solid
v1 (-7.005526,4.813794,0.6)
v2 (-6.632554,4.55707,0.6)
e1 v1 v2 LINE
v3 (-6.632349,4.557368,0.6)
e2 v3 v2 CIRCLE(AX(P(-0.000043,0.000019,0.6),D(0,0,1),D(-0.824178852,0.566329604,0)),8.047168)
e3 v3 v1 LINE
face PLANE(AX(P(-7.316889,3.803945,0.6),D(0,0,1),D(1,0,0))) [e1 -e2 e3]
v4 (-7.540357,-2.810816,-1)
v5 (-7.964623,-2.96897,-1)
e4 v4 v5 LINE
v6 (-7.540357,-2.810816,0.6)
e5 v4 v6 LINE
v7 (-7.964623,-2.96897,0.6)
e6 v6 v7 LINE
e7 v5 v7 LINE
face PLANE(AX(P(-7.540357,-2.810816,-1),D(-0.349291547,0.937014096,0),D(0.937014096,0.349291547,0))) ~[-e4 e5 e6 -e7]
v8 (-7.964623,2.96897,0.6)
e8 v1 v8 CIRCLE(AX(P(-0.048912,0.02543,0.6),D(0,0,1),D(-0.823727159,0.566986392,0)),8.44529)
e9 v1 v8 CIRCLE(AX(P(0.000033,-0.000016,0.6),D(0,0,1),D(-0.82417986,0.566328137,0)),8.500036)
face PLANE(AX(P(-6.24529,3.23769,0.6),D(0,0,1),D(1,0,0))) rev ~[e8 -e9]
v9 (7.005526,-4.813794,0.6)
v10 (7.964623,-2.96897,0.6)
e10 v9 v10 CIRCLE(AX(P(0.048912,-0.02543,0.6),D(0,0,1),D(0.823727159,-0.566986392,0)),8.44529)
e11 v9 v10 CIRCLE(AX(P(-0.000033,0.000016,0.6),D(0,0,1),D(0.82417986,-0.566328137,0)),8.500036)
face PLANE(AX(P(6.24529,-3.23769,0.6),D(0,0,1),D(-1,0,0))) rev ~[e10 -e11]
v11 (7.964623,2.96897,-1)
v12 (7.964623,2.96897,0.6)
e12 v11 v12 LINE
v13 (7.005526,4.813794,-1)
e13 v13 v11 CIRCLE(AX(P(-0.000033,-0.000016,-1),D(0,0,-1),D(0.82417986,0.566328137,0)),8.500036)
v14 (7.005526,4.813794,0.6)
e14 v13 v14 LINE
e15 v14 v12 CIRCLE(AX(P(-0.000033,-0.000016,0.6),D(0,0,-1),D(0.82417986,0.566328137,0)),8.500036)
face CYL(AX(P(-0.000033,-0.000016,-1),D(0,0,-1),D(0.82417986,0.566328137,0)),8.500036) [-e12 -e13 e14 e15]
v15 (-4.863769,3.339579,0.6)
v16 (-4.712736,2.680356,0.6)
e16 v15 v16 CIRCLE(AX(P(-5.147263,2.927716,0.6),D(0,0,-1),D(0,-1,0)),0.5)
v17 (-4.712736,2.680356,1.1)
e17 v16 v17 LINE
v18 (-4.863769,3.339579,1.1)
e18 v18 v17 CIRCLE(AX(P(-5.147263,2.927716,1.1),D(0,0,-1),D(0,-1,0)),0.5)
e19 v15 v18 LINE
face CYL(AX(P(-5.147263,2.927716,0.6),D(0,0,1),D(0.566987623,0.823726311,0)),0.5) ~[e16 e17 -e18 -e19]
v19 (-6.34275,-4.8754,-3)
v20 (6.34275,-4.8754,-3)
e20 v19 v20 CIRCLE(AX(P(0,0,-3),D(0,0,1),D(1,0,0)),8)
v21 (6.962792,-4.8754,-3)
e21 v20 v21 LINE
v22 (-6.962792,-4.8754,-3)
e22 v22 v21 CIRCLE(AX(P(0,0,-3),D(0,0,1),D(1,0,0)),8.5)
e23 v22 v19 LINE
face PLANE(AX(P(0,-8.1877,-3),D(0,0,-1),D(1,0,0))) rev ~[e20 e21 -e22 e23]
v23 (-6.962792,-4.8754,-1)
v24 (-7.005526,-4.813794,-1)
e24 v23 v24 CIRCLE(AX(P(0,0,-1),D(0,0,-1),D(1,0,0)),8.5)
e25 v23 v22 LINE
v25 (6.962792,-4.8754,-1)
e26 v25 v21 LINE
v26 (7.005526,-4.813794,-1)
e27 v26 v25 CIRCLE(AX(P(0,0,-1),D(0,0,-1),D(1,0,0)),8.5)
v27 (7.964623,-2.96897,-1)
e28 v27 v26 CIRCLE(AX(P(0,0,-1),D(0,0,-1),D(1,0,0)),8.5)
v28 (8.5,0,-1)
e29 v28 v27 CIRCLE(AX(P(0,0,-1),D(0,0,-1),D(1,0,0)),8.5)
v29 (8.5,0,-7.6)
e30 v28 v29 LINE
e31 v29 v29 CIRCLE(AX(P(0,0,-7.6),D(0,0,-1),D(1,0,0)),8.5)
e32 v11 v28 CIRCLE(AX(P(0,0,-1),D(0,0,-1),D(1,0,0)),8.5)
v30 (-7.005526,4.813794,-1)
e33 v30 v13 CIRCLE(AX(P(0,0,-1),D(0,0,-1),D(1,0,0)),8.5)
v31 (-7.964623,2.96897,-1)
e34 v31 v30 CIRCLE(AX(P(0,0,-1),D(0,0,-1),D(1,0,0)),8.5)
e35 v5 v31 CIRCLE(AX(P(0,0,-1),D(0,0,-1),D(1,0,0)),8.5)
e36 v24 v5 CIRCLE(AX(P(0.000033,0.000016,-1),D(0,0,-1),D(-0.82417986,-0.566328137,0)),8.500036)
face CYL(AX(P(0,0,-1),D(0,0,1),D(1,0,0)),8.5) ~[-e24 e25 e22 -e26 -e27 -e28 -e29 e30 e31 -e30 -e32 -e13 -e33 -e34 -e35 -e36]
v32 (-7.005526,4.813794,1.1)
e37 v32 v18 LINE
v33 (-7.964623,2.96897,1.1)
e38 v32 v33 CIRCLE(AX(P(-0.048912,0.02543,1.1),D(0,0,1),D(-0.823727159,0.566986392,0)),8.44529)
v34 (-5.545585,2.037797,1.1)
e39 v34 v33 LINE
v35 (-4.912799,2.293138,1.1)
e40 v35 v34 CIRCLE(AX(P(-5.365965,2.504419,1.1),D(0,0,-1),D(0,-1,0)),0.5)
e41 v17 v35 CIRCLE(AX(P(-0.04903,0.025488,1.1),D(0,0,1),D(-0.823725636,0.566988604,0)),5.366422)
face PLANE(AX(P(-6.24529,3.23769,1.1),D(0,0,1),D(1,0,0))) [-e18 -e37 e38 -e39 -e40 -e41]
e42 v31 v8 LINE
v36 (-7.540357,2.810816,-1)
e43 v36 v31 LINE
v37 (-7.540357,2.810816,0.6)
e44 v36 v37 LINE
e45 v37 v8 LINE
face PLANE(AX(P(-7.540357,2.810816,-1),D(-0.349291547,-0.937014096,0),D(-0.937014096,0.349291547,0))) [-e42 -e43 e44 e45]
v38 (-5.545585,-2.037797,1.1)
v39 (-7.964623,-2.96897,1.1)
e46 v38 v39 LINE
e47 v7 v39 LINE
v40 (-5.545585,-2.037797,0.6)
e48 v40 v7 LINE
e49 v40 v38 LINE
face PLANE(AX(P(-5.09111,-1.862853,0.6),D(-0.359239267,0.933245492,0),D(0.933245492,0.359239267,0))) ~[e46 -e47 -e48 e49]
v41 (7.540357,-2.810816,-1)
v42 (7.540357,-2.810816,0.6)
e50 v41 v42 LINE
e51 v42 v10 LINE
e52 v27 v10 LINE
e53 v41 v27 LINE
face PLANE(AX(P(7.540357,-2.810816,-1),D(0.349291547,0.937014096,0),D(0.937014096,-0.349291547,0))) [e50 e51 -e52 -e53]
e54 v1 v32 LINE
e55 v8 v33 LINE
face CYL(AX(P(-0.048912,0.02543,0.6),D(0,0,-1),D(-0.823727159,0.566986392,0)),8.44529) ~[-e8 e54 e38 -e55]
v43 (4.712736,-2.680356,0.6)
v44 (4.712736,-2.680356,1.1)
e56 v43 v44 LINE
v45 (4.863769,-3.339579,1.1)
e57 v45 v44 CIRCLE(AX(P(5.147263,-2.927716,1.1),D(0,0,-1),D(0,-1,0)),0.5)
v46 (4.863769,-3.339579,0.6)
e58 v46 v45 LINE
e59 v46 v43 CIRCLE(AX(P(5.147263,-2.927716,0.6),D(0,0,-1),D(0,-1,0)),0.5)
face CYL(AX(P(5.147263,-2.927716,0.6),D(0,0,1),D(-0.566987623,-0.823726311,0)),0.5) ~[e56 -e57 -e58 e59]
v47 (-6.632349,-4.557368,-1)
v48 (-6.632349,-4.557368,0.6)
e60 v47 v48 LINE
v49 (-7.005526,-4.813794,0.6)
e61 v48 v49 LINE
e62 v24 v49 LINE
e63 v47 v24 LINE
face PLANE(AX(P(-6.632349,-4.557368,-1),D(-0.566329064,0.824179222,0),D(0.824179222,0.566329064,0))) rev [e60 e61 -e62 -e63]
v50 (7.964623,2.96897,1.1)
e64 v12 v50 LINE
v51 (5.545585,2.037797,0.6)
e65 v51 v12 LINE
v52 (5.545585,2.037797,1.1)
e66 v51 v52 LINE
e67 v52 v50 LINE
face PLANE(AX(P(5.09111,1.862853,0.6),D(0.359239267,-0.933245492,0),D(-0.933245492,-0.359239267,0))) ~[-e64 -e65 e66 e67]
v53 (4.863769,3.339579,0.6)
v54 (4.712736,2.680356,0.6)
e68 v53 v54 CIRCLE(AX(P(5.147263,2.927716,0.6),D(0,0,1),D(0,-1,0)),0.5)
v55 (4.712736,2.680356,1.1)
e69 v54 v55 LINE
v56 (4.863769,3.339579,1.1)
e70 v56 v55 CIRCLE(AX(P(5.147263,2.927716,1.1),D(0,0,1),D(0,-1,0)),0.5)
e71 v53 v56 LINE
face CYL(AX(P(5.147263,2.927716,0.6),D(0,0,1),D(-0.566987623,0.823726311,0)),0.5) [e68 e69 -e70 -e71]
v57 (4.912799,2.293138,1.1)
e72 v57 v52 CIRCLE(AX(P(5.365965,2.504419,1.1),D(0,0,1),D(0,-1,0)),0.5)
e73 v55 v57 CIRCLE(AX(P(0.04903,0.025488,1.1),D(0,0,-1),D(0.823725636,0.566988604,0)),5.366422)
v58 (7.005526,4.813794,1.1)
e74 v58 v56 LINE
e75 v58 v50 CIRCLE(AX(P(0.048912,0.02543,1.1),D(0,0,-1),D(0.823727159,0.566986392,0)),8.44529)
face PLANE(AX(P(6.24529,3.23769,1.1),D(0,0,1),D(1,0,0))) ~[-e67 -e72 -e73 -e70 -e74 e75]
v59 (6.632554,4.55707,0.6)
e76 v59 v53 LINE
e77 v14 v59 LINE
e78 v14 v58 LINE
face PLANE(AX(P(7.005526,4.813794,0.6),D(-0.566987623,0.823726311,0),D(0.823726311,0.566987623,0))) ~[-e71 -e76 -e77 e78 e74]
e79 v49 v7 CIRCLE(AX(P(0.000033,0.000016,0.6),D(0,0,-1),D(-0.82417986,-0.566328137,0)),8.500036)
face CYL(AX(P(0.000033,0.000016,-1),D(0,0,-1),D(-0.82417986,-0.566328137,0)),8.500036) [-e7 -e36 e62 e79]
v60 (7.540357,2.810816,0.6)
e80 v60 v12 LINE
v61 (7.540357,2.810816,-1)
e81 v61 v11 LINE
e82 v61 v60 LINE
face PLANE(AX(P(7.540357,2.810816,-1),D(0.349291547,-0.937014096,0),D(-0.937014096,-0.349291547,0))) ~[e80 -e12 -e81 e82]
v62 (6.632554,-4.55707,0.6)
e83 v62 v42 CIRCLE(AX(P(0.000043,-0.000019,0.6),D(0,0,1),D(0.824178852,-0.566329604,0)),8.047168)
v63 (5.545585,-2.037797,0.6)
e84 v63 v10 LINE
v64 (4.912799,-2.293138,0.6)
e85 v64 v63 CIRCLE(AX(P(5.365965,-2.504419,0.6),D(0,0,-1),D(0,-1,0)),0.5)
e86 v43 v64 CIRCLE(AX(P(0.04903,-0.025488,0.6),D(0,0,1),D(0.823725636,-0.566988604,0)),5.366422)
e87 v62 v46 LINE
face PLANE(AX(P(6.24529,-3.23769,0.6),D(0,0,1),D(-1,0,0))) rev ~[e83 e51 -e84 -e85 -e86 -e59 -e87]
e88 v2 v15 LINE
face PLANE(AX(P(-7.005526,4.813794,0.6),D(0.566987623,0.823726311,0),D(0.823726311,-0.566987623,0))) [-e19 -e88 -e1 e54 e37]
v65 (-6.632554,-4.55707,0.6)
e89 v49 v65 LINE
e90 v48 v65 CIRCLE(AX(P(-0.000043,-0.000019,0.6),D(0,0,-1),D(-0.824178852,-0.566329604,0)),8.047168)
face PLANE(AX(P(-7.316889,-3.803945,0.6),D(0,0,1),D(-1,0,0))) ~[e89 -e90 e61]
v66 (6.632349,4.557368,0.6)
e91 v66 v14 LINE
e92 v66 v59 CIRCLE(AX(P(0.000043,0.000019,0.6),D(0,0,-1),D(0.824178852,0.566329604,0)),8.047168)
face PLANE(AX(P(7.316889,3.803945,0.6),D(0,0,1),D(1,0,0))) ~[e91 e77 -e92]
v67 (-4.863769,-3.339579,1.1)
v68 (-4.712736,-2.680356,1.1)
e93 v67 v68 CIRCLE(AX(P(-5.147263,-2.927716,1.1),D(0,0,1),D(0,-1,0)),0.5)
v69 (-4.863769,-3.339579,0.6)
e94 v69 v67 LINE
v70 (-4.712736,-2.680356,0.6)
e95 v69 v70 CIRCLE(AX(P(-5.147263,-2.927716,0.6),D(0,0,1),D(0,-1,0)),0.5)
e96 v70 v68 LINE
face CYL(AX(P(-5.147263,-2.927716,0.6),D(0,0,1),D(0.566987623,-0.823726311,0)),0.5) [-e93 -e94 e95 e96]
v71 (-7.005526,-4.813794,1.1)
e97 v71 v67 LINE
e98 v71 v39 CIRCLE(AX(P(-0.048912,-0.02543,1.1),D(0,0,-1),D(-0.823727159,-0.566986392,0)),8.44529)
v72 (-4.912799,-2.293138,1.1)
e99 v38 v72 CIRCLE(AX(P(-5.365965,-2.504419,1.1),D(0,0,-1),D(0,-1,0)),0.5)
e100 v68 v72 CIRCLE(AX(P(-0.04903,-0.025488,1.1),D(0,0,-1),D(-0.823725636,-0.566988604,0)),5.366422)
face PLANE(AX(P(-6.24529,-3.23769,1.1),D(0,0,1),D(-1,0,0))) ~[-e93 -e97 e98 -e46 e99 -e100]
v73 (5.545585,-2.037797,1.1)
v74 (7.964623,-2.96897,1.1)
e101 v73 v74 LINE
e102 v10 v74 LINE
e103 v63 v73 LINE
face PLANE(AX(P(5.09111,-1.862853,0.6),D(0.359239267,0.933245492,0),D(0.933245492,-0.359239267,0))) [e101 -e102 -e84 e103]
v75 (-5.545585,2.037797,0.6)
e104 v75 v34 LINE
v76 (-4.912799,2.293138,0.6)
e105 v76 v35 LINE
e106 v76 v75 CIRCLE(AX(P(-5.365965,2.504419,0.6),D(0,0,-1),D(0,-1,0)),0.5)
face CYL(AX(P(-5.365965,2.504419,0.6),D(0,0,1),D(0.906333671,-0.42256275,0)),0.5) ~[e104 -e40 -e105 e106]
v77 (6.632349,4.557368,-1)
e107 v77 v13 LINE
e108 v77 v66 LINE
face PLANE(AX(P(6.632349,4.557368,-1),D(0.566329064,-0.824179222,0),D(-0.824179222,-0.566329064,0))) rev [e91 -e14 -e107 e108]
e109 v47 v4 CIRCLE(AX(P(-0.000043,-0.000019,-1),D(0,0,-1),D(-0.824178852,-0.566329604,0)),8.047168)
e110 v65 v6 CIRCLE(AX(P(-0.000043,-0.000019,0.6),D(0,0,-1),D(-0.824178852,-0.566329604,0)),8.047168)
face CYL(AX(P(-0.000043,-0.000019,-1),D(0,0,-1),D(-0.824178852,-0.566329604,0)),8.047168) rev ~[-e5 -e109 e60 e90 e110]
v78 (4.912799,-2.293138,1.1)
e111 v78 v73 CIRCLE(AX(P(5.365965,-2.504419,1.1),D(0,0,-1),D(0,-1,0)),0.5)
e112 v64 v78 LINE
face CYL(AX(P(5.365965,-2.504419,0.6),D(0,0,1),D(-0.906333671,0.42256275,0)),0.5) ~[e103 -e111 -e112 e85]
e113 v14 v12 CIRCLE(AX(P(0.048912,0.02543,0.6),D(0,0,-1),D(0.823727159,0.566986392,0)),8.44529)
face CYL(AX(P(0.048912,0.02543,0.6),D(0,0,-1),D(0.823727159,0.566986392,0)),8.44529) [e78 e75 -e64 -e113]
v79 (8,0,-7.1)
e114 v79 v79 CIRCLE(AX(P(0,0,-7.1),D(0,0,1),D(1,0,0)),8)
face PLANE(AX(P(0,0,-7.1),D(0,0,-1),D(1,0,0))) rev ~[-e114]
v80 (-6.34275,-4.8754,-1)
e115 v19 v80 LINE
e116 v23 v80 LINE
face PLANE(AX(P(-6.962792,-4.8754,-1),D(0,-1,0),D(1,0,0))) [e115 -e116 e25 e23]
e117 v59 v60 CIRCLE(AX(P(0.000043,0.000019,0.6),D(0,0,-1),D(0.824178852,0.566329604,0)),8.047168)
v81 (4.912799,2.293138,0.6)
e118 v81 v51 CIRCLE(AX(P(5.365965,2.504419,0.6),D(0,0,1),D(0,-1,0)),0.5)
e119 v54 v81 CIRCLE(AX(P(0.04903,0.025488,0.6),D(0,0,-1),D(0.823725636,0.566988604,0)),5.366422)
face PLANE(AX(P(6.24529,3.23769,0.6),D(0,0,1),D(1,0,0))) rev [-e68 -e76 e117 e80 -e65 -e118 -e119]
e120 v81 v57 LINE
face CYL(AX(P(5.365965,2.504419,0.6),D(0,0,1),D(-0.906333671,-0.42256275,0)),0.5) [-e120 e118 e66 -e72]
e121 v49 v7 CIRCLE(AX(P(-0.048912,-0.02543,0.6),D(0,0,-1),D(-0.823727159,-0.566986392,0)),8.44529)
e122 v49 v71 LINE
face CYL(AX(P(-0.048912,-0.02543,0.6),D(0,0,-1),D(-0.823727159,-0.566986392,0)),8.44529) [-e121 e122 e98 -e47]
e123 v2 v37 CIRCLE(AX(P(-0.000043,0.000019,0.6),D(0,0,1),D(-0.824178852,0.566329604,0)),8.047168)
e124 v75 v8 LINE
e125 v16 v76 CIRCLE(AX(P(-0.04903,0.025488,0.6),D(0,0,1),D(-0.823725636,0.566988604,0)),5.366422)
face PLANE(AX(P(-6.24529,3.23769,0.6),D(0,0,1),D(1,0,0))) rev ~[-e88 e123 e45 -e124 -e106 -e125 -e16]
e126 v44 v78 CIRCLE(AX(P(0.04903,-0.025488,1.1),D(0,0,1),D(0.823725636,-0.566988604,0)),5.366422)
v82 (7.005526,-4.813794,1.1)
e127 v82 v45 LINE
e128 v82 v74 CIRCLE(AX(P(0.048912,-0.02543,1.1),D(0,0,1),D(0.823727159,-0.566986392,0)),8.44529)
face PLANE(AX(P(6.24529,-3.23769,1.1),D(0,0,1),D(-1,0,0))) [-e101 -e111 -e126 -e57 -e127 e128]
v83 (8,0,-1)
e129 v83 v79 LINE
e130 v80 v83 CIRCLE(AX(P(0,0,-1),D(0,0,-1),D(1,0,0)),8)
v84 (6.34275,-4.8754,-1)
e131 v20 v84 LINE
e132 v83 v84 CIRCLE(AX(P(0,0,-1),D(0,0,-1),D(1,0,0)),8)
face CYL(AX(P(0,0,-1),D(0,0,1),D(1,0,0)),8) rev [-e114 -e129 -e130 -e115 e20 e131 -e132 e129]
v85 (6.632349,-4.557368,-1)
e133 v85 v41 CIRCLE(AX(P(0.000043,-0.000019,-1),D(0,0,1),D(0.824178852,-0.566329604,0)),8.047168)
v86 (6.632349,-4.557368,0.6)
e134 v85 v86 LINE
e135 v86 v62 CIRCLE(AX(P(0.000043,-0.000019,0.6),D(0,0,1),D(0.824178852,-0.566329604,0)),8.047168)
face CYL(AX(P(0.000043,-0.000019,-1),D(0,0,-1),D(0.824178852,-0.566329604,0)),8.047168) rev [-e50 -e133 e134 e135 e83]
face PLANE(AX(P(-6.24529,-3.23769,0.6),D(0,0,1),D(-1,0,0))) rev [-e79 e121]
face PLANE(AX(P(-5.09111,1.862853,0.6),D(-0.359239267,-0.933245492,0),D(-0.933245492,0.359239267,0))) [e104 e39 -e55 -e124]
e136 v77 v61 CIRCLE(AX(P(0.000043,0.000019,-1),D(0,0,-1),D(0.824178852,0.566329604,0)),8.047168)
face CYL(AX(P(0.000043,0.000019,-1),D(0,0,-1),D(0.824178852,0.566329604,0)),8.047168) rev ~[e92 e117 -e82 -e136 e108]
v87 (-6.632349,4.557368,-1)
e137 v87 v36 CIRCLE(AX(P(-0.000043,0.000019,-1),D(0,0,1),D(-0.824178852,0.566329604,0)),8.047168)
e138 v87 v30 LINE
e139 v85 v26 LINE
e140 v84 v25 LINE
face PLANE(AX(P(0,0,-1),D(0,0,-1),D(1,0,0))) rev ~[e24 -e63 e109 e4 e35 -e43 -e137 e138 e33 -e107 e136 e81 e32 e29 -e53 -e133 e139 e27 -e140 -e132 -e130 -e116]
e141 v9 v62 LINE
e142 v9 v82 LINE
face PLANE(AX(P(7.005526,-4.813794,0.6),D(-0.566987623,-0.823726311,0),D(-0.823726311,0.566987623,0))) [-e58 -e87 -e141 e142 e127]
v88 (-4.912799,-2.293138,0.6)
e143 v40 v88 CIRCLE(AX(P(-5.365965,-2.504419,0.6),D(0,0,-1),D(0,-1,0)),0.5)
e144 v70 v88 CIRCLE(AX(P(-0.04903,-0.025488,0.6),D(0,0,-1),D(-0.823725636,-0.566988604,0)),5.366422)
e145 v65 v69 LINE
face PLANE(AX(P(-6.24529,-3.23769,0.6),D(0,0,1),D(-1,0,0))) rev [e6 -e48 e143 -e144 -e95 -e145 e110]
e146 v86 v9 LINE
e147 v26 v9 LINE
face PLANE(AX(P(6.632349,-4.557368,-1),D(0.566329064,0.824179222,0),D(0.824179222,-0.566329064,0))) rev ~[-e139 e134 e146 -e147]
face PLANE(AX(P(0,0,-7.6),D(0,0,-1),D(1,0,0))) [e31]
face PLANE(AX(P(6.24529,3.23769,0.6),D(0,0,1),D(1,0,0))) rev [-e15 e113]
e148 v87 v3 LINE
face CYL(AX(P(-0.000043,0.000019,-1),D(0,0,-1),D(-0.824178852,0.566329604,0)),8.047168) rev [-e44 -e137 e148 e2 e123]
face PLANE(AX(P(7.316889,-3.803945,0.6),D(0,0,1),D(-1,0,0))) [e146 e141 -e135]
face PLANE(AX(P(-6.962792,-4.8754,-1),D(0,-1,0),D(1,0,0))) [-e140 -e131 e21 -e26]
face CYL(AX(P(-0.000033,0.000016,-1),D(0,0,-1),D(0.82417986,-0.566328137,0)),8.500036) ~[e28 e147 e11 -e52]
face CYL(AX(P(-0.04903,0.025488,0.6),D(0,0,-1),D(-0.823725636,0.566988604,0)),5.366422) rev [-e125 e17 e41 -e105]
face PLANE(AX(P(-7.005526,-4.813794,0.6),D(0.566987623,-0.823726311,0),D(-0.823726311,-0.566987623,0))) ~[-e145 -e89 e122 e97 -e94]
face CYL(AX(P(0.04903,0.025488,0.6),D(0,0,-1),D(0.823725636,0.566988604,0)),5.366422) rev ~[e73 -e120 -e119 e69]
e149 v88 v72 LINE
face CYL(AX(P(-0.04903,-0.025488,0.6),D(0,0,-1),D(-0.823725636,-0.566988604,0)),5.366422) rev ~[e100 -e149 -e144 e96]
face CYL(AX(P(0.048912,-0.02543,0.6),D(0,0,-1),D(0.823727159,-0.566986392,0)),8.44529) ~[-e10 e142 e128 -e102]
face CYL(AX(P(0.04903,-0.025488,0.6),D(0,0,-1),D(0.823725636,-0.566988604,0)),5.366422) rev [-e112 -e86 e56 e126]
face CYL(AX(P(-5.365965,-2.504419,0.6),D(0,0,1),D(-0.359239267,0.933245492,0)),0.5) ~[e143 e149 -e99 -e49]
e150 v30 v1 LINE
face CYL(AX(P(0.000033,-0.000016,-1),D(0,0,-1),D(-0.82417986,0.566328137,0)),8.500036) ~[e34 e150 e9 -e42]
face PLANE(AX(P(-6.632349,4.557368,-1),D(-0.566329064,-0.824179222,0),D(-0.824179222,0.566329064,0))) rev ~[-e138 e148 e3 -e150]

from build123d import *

# Parameters (mm, degrees)
SKETCH007_R                    = 8.5
PAD006_DEPTH                   = 6.6
THICKNESS_T                    = -0.5
PAD007_DEPTH                   = 1.6
PAD007_POLARPATTERN_2_DEPTH    = 1.6
PAD008_DEPTH                   = 0.5
PAD008_POLARPATTERN001_2_DEPTH = 0.5
SKETCH011_W                    = 13.925584
SKETCH011_H                    = 6.6246
POCKET001_DEPTH                = 2
FILLET006_R                    = 0.5


with BuildPart() as part:
    # Sketch007 (on DatumPlane) → Pad006 (new body)
    with BuildSketch(Plane(origin=(0, 0, -1), x_dir=(1, 0, 0), z_dir=(0, 0, -1))):
        Circle(SKETCH007_R)
    extrude(amount=PAD006_DEPTH)

    # Thickness
    thickness_openings = [part.faces().sort_by_distance(p)[0] for p in [
        (0, 0, -1),
    ]]
    offset(amount=THICKNESS_T, openings=thickness_openings)

    # Sketch008 (on Face3 of Thickness) → Pad007 (join)
    with BuildSketch(Plane.XY.offset(-1)):
        with BuildLine():
            ThreePointArc((-7.005526, 4.813794), (-7.541696, 3.920819), (-7.964623, 2.96897))
            Line((-7.540357, 2.810816), (-7.964623, 2.96897))
            ThreePointArc((-6.632349, 4.557368), (-7.139959, 3.711961), (-7.540357, 2.810816))
            Line((-6.632349, 4.557368), (-7.005526, 4.813794))
        make_face()
    pad007 = extrude(amount=PAD007_DEPTH)

    # Sketch008 PolarPattern 2 → Pad007 PolarPattern 2 (add)
    with BuildSketch(Plane(origin=(0, 0, -1), x_dir=(-1, 0, 0), z_dir=(0, 0, 1))):
        with BuildLine():
            ThreePointArc((-7.005526, 4.813794), (-7.541696, 3.920819), (-7.964623, 2.96897))
            Line((-7.540357, 2.810816), (-7.964623, 2.96897))
            ThreePointArc((-6.632349, 4.557368), (-7.139959, 3.711961), (-7.540357, 2.810816))
            Line((-6.632349, 4.557368), (-7.005526, 4.813794))
        make_face()
    pad007_polarpattern_2 = extrude(amount=PAD007_POLARPATTERN_2_DEPTH)

    # Mirrored: Pad007, Pad007 PolarPattern 2 across Sketch008 V_Axis
    add(pad007.mirror(Plane(origin=(0, 0, -1), x_dir=(0, 0, 1), z_dir=(1, 0, 0))))
    add(pad007_polarpattern_2.mirror(Plane(origin=(0, 0, -1), x_dir=(0, 0, 1), z_dir=(1, 0, 0))))

    # Sketch009 (on Face23 of MultiTransform) → Pad008 (join)
    with BuildSketch(Plane.XY.offset(0.6)):
        with BuildLine():
            ThreePointArc((-7.005526, 4.813794), (-7.542066, 3.921011), (-7.964623, 2.96897))
            Line((-5.09111, 1.862853), (-7.964623, 2.96897))
            ThreePointArc((-4.469489, 3.068188), (-4.818529, 2.485236), (-5.09111, 1.862853))
            Line((-7.005526, 4.813794), (-4.469489, 3.068188))
        make_face()
    pad008 = extrude(amount=PAD008_DEPTH)

    # Sketch009 PolarPattern001 2 → Pad008 PolarPattern001 2 (add)
    with BuildSketch(Plane(origin=(0, 0, 0.6), x_dir=(-1, 0, 0), z_dir=(0, 0, 1))):
        with BuildLine():
            ThreePointArc((-7.005526, 4.813794), (-7.542066, 3.921011), (-7.964623, 2.96897))
            Line((-5.09111, 1.862853), (-7.964623, 2.96897))
            ThreePointArc((-4.469489, 3.068188), (-4.818529, 2.485236), (-5.09111, 1.862853))
            Line((-7.005526, 4.813794), (-4.469489, 3.068188))
        make_face()
    pad008_polarpattern001_2 = extrude(amount=PAD008_POLARPATTERN001_2_DEPTH)

    # Mirrored001: Pad008, Pad008 PolarPattern001 2 across Sketch009 V_Axis
    add(pad008.mirror(Plane(origin=(0, 0, 0.6), x_dir=(0, 0, 1), z_dir=(1, 0, 0))))
    add(pad008_polarpattern001_2.mirror(Plane(origin=(0, 0, 0.6), x_dir=(0, 0, 1), z_dir=(1, 0, 0))))

    # Sketch011 (on Face1 of ShapeBinder001) → Pocket001 (cut)
    with BuildSketch(Plane(origin=(0, 0, -1), x_dir=(1, 0, 0), z_dir=(0, 0, -1))):
        with Locations((0, 8.1877)):
            Rectangle(SKETCH011_W, SKETCH011_H)
    extrude(amount=POCKET001_DEPTH, mode=Mode.SUBTRACT)

    # Fillet006
    fillet006_edges = [part.edges().sort_by_distance(p)[0] for p in [
        (-5.09111, -1.862853, 0.85),
        (-4.469489, -3.068188, 0.85),
        (4.469489, -3.068188, 0.85),
        (5.09111, -1.862853, 0.85),
        (5.09111, 1.862853, 0.85),
        (4.469489, 3.068188, 0.85),
        (-5.09111, 1.862853, 0.85),
        (-4.469489, 3.068188, 0.85),
    ]]
    fillet(fillet006_edges, radius=FILLET006_R)


solid = part.part
